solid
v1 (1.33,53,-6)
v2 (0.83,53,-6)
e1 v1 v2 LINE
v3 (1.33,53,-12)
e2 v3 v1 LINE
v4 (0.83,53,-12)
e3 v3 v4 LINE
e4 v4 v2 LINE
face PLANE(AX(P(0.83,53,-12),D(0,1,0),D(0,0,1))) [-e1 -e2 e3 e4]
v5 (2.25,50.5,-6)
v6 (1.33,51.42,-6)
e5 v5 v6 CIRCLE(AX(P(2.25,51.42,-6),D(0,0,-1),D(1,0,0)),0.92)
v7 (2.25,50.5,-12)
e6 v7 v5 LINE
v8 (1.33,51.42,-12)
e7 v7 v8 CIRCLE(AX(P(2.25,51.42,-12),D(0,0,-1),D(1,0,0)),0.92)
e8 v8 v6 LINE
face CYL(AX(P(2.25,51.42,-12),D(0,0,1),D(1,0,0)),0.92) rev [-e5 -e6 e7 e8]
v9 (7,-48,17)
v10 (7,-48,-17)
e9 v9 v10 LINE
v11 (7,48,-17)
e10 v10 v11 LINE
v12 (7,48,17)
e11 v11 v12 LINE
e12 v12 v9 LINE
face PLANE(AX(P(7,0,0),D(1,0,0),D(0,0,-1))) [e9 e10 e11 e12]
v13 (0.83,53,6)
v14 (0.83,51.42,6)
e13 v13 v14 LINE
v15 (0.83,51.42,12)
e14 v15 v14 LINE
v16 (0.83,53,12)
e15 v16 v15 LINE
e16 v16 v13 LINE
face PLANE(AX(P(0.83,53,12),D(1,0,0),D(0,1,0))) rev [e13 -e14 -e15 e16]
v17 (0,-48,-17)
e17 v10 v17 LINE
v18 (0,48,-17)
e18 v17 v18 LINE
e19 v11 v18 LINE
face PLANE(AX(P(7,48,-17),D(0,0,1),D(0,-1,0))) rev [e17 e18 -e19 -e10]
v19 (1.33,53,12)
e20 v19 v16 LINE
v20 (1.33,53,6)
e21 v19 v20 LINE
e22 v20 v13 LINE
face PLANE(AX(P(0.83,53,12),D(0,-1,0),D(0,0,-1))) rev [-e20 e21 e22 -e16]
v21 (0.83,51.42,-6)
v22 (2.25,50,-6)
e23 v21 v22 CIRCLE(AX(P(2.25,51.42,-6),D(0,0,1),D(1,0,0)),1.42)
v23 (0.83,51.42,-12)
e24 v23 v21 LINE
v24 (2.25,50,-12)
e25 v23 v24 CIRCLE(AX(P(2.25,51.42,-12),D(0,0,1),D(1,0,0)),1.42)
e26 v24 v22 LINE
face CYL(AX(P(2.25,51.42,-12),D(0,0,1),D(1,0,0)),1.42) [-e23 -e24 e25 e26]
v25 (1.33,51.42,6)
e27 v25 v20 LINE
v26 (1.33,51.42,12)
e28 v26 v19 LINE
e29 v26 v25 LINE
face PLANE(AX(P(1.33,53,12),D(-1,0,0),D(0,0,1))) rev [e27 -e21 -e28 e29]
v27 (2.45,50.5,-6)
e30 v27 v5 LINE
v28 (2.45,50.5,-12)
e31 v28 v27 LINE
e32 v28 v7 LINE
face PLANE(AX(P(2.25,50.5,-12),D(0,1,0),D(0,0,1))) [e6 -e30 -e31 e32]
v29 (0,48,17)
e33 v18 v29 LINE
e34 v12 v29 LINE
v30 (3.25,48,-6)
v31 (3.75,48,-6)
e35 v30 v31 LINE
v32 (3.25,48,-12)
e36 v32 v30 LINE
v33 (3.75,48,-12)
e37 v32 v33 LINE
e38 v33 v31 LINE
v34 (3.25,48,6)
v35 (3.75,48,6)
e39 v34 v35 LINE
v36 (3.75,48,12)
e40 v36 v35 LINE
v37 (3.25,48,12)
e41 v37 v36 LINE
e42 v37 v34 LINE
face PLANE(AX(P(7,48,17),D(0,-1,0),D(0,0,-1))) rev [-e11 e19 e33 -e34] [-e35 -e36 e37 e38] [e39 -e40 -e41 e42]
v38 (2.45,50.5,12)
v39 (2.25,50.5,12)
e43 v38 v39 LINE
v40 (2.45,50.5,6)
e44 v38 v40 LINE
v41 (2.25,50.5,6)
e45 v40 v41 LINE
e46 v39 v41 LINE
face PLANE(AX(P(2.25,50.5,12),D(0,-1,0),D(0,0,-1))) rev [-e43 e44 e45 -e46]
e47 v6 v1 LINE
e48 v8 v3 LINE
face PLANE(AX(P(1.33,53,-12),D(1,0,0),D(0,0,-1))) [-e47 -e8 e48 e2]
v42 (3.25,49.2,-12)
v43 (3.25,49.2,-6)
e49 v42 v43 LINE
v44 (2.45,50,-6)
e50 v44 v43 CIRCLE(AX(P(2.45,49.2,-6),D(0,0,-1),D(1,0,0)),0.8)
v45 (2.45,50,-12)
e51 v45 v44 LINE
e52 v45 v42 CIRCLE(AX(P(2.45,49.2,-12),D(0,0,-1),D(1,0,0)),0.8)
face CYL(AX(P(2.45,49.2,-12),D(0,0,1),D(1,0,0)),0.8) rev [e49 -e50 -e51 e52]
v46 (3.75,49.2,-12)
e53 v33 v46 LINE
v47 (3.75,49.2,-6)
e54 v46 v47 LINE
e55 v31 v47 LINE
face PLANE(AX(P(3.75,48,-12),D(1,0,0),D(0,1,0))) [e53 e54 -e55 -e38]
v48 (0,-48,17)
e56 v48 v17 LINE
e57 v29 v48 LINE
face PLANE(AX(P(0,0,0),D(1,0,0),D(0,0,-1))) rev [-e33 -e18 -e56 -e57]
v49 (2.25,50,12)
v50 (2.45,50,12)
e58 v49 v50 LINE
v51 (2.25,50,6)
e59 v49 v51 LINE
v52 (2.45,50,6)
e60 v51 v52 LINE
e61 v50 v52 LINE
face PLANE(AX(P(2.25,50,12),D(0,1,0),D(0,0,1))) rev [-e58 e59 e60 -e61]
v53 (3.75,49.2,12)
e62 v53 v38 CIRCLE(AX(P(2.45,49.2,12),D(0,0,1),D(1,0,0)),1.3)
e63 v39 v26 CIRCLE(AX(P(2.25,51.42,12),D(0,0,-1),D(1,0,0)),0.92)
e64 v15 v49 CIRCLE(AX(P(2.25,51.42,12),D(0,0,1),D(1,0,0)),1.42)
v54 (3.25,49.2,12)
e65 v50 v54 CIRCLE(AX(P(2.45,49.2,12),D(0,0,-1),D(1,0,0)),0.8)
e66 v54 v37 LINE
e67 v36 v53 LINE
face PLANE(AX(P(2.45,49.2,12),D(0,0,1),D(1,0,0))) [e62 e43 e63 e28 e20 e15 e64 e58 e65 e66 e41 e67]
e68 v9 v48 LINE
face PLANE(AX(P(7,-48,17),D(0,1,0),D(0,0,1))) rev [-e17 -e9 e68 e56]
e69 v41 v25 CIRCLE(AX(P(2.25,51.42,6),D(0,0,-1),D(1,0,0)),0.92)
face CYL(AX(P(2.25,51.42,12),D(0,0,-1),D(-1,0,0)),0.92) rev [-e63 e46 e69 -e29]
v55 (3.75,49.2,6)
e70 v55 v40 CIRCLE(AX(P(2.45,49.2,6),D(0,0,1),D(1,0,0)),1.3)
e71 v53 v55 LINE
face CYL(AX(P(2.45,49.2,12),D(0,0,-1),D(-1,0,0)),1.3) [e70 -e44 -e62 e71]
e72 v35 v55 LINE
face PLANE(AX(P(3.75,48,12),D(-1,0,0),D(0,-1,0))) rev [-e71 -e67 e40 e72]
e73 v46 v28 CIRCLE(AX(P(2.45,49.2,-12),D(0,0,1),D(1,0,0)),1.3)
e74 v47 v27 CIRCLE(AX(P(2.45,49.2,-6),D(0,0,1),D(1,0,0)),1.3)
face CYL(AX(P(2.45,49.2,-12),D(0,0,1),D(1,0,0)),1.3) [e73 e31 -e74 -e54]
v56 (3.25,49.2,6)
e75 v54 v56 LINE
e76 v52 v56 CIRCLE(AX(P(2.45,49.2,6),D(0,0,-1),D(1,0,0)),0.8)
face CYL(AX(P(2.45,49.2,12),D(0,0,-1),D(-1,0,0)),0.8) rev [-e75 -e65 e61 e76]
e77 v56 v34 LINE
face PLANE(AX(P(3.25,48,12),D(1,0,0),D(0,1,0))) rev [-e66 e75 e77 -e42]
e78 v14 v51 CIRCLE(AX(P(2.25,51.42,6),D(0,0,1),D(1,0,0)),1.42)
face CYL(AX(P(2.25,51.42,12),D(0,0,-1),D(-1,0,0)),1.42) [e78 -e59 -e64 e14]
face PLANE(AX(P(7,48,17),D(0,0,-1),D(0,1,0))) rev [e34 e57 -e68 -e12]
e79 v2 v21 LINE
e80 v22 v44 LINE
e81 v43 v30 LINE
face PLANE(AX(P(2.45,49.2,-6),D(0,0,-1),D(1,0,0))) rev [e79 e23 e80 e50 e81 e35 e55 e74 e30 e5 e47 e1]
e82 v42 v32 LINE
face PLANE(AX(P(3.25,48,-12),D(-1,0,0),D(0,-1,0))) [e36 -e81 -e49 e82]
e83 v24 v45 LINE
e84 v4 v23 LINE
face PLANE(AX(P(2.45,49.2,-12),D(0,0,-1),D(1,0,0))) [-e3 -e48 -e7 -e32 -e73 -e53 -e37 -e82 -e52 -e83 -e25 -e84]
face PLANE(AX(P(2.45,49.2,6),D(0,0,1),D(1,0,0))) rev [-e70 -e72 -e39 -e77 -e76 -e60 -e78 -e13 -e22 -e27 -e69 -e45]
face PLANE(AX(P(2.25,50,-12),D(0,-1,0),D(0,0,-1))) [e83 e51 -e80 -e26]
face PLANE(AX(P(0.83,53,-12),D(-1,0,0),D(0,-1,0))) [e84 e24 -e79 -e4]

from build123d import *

# Parameters (mm, degrees)
SKETCH_1_W      = 34
SKETCH_1_H      = 96
EXTRUDE_1_DEPTH = 7
EXTRUDE_2_DEPTH = 3


with BuildPart() as part:
    # 草图1 → 凸台-拉伸1 (new body)
    with BuildSketch(Plane(origin=(0, 0, 0), x_dir=(0, 0, -1), z_dir=(1, 0, 0))):
        Rectangle(SKETCH_1_W, SKETCH_1_H)
    extrude(amount=EXTRUDE_1_DEPTH)

    # 草图2 → 凸台-拉伸2 (add, symmetric)
    with BuildSketch(Plane.XY.offset(9)):
        with BuildLine():
            Line((3.25, 48), (3.25, 49.2))
            ThreePointArc((3.25, 49.2), (3.015685425, 49.765685425), (2.45, 50))
            Line((2.45, 50), (2.25, 50))
            ThreePointArc((2.25, 50), (1.245908371, 50.415908371), (0.83, 51.42))
            Line((0.83, 51.42), (0.83, 53))
            Line((0.83, 53), (1.33, 53))
            Line((1.33, 53), (1.33, 51.42))
            ThreePointArc((1.33, 51.42), (1.599461761, 50.769461761), (2.25, 50.5))
            Line((2.25, 50.5), (2.45, 50.5))
            ThreePointArc((2.45, 50.5), (3.369238816, 50.119238816), (3.75, 49.2))
            Line((3.75, 49.2), (3.75, 48))
            Line((3.75, 48), (3.25, 48))
        make_face()
    extrude_2 = extrude(amount=EXTRUDE_2_DEPTH, both=True)

    # 镜向1: 凸台-拉伸2 across plane
    add(extrude_2.mirror(Plane.XY))


solid = part.part
